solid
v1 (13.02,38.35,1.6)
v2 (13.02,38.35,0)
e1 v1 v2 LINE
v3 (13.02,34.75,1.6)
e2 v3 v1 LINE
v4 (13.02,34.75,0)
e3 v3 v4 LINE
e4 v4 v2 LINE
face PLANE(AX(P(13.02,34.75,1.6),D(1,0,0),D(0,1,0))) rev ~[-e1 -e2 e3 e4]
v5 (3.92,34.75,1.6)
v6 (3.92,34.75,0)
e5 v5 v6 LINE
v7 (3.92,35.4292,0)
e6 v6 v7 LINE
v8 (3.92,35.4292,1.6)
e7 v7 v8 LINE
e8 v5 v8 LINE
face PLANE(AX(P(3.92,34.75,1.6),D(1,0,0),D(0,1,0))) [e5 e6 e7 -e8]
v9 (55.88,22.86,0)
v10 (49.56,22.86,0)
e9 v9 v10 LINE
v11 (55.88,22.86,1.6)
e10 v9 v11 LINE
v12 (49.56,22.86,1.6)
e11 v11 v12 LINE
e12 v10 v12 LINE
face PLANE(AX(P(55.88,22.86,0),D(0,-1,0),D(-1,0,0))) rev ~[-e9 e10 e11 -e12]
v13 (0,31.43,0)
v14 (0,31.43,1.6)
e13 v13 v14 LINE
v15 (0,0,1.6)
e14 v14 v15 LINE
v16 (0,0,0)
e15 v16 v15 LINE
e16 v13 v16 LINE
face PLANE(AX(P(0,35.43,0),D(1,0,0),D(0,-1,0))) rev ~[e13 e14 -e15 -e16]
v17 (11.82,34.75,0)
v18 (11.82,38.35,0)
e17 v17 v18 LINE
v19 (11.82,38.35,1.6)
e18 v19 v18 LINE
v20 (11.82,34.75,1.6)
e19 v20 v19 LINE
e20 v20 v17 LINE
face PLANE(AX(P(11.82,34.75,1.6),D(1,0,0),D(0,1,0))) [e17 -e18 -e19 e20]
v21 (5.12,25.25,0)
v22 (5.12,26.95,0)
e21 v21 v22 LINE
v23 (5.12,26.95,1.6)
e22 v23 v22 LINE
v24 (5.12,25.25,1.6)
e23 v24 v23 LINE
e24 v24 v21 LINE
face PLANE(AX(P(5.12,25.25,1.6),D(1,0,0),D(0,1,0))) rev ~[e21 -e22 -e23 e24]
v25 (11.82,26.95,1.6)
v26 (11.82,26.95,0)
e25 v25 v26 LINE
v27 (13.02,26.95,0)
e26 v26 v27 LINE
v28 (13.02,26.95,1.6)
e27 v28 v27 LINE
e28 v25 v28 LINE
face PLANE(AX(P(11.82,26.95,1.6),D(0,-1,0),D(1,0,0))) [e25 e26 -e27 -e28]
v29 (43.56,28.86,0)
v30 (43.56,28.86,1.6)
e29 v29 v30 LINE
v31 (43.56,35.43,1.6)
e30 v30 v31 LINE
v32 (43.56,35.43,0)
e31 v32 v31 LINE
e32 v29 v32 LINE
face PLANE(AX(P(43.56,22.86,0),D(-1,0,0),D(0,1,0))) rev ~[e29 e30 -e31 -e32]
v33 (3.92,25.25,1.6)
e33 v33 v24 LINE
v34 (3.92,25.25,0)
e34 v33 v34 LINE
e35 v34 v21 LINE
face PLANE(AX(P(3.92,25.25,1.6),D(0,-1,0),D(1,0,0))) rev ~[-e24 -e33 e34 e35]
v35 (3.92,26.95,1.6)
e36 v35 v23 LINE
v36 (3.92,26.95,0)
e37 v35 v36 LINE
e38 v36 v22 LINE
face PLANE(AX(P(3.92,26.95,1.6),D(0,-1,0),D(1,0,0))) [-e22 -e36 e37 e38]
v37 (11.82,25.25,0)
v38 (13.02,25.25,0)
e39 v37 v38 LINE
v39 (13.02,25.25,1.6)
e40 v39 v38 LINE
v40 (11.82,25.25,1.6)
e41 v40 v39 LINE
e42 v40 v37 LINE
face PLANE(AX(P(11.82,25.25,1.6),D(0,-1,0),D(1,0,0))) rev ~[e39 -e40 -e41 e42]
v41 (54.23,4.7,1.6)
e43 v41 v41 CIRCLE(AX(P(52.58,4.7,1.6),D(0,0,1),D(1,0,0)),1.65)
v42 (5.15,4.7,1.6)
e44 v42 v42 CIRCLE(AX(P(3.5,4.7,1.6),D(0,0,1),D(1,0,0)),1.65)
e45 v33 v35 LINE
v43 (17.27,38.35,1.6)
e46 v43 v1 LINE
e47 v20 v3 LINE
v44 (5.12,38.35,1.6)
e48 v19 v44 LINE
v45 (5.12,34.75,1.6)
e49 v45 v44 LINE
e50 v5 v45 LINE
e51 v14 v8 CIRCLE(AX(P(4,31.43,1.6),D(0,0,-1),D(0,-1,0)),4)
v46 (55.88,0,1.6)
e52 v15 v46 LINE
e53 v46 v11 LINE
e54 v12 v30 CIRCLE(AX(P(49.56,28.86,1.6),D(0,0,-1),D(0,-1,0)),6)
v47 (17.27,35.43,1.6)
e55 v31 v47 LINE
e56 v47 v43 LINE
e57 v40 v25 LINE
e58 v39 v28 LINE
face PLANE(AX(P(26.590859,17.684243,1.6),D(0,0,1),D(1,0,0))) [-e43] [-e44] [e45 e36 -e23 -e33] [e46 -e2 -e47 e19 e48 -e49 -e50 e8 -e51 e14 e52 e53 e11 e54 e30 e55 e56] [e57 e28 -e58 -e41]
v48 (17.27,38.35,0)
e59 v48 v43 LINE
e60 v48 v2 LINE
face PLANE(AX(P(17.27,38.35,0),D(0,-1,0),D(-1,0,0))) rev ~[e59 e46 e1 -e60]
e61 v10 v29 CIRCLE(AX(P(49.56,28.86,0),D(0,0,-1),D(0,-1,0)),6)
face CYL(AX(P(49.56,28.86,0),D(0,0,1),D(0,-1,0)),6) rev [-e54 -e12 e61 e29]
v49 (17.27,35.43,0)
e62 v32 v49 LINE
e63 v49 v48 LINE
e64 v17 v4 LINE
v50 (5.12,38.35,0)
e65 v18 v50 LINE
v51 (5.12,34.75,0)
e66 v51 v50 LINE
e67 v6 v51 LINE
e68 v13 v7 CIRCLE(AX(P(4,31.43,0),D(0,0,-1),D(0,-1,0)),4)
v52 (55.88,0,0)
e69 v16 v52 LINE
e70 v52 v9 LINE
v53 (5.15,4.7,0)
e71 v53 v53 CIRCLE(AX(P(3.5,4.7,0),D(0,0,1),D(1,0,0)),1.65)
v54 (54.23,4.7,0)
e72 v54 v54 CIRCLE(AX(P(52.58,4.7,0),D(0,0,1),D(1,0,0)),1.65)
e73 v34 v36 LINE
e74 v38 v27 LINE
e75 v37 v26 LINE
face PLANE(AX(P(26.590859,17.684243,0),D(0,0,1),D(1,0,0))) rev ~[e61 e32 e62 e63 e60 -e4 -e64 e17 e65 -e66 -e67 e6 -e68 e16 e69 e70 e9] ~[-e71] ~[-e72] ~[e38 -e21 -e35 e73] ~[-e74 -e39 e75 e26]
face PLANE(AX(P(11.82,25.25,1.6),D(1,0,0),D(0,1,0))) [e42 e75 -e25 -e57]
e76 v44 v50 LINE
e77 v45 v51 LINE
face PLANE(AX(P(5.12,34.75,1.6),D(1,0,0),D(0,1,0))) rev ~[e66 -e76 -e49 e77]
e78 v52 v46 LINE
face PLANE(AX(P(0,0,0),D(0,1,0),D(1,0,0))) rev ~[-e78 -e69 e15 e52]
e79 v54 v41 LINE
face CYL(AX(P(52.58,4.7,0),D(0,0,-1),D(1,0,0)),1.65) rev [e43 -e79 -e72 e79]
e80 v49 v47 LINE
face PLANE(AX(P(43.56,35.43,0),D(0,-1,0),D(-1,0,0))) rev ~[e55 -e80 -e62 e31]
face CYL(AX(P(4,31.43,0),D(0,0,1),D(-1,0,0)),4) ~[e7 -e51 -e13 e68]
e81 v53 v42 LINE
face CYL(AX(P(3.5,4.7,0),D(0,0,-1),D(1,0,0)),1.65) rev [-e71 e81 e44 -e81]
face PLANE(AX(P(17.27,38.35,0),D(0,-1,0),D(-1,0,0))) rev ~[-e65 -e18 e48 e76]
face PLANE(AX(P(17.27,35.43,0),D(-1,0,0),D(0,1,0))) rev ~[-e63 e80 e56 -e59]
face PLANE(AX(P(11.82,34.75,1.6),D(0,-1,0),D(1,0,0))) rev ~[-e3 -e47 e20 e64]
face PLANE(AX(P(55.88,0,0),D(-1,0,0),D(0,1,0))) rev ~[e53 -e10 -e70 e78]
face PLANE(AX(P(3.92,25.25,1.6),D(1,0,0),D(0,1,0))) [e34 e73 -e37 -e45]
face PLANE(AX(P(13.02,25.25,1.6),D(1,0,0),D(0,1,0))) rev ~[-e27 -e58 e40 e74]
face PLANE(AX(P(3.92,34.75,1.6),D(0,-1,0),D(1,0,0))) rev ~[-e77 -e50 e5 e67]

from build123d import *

# Parameters (mm, degrees)
F0_R     = 1.65
F1_DEPTH = 1.6
F2_R     = 4
F3_R     = 6
F4_W     = 1.2
F4_H     = 3.6
F4_H_2   = 1.7
F5_DEPTH = 1.601


with BuildPart() as f1:
    # F0 (on Top) → F1 (new body)
    with BuildSketch(Plane.XY):
        Polygon((0, 35.43), (0, 0), (55.88, 0), (55.88, 22.86), (43.56, 22.86), (43.56, 35.43), (17.27, 35.43), (17.27, 38.35), (4.57, 38.35), (4.57, 35.43), align=None)
        with Locations((3.5, 4.7)):
            Circle(F0_R, mode=Mode.SUBTRACT)
        with Locations((52.58, 4.7)):
            Circle(F0_R, mode=Mode.SUBTRACT)
    extrude(amount=F1_DEPTH)

    # F2
    f2_edges = [f1.edges().sort_by_distance(p)[0] for p in [
        (0, 35.43, 0.8),
    ]]
    fillet(f2_edges, radius=F2_R)

    # F3
    f3_edges = [f1.edges().sort_by_distance(p)[0] for p in [
        (43.56, 22.86, 0.8),
    ]]
    fillet(f3_edges, radius=F3_R)

    # F4 (on face) → F5 (cut, through all)
    with BuildSketch(Plane.XY.offset(1.6)):
        with Locations((4.52, 36.55)):
            Rectangle(F4_W, F4_H)
        with Locations((12.42, 36.55)):
            Rectangle(F4_W, F4_H)
        with Locations((4.52, 26.1)):
            Rectangle(F4_W, F4_H_2)
        with Locations((12.42, 26.1)):
            Rectangle(F4_W, F4_H_2)
    extrude(amount=-F5_DEPTH, mode=Mode.SUBTRACT)


solid = f1.part
